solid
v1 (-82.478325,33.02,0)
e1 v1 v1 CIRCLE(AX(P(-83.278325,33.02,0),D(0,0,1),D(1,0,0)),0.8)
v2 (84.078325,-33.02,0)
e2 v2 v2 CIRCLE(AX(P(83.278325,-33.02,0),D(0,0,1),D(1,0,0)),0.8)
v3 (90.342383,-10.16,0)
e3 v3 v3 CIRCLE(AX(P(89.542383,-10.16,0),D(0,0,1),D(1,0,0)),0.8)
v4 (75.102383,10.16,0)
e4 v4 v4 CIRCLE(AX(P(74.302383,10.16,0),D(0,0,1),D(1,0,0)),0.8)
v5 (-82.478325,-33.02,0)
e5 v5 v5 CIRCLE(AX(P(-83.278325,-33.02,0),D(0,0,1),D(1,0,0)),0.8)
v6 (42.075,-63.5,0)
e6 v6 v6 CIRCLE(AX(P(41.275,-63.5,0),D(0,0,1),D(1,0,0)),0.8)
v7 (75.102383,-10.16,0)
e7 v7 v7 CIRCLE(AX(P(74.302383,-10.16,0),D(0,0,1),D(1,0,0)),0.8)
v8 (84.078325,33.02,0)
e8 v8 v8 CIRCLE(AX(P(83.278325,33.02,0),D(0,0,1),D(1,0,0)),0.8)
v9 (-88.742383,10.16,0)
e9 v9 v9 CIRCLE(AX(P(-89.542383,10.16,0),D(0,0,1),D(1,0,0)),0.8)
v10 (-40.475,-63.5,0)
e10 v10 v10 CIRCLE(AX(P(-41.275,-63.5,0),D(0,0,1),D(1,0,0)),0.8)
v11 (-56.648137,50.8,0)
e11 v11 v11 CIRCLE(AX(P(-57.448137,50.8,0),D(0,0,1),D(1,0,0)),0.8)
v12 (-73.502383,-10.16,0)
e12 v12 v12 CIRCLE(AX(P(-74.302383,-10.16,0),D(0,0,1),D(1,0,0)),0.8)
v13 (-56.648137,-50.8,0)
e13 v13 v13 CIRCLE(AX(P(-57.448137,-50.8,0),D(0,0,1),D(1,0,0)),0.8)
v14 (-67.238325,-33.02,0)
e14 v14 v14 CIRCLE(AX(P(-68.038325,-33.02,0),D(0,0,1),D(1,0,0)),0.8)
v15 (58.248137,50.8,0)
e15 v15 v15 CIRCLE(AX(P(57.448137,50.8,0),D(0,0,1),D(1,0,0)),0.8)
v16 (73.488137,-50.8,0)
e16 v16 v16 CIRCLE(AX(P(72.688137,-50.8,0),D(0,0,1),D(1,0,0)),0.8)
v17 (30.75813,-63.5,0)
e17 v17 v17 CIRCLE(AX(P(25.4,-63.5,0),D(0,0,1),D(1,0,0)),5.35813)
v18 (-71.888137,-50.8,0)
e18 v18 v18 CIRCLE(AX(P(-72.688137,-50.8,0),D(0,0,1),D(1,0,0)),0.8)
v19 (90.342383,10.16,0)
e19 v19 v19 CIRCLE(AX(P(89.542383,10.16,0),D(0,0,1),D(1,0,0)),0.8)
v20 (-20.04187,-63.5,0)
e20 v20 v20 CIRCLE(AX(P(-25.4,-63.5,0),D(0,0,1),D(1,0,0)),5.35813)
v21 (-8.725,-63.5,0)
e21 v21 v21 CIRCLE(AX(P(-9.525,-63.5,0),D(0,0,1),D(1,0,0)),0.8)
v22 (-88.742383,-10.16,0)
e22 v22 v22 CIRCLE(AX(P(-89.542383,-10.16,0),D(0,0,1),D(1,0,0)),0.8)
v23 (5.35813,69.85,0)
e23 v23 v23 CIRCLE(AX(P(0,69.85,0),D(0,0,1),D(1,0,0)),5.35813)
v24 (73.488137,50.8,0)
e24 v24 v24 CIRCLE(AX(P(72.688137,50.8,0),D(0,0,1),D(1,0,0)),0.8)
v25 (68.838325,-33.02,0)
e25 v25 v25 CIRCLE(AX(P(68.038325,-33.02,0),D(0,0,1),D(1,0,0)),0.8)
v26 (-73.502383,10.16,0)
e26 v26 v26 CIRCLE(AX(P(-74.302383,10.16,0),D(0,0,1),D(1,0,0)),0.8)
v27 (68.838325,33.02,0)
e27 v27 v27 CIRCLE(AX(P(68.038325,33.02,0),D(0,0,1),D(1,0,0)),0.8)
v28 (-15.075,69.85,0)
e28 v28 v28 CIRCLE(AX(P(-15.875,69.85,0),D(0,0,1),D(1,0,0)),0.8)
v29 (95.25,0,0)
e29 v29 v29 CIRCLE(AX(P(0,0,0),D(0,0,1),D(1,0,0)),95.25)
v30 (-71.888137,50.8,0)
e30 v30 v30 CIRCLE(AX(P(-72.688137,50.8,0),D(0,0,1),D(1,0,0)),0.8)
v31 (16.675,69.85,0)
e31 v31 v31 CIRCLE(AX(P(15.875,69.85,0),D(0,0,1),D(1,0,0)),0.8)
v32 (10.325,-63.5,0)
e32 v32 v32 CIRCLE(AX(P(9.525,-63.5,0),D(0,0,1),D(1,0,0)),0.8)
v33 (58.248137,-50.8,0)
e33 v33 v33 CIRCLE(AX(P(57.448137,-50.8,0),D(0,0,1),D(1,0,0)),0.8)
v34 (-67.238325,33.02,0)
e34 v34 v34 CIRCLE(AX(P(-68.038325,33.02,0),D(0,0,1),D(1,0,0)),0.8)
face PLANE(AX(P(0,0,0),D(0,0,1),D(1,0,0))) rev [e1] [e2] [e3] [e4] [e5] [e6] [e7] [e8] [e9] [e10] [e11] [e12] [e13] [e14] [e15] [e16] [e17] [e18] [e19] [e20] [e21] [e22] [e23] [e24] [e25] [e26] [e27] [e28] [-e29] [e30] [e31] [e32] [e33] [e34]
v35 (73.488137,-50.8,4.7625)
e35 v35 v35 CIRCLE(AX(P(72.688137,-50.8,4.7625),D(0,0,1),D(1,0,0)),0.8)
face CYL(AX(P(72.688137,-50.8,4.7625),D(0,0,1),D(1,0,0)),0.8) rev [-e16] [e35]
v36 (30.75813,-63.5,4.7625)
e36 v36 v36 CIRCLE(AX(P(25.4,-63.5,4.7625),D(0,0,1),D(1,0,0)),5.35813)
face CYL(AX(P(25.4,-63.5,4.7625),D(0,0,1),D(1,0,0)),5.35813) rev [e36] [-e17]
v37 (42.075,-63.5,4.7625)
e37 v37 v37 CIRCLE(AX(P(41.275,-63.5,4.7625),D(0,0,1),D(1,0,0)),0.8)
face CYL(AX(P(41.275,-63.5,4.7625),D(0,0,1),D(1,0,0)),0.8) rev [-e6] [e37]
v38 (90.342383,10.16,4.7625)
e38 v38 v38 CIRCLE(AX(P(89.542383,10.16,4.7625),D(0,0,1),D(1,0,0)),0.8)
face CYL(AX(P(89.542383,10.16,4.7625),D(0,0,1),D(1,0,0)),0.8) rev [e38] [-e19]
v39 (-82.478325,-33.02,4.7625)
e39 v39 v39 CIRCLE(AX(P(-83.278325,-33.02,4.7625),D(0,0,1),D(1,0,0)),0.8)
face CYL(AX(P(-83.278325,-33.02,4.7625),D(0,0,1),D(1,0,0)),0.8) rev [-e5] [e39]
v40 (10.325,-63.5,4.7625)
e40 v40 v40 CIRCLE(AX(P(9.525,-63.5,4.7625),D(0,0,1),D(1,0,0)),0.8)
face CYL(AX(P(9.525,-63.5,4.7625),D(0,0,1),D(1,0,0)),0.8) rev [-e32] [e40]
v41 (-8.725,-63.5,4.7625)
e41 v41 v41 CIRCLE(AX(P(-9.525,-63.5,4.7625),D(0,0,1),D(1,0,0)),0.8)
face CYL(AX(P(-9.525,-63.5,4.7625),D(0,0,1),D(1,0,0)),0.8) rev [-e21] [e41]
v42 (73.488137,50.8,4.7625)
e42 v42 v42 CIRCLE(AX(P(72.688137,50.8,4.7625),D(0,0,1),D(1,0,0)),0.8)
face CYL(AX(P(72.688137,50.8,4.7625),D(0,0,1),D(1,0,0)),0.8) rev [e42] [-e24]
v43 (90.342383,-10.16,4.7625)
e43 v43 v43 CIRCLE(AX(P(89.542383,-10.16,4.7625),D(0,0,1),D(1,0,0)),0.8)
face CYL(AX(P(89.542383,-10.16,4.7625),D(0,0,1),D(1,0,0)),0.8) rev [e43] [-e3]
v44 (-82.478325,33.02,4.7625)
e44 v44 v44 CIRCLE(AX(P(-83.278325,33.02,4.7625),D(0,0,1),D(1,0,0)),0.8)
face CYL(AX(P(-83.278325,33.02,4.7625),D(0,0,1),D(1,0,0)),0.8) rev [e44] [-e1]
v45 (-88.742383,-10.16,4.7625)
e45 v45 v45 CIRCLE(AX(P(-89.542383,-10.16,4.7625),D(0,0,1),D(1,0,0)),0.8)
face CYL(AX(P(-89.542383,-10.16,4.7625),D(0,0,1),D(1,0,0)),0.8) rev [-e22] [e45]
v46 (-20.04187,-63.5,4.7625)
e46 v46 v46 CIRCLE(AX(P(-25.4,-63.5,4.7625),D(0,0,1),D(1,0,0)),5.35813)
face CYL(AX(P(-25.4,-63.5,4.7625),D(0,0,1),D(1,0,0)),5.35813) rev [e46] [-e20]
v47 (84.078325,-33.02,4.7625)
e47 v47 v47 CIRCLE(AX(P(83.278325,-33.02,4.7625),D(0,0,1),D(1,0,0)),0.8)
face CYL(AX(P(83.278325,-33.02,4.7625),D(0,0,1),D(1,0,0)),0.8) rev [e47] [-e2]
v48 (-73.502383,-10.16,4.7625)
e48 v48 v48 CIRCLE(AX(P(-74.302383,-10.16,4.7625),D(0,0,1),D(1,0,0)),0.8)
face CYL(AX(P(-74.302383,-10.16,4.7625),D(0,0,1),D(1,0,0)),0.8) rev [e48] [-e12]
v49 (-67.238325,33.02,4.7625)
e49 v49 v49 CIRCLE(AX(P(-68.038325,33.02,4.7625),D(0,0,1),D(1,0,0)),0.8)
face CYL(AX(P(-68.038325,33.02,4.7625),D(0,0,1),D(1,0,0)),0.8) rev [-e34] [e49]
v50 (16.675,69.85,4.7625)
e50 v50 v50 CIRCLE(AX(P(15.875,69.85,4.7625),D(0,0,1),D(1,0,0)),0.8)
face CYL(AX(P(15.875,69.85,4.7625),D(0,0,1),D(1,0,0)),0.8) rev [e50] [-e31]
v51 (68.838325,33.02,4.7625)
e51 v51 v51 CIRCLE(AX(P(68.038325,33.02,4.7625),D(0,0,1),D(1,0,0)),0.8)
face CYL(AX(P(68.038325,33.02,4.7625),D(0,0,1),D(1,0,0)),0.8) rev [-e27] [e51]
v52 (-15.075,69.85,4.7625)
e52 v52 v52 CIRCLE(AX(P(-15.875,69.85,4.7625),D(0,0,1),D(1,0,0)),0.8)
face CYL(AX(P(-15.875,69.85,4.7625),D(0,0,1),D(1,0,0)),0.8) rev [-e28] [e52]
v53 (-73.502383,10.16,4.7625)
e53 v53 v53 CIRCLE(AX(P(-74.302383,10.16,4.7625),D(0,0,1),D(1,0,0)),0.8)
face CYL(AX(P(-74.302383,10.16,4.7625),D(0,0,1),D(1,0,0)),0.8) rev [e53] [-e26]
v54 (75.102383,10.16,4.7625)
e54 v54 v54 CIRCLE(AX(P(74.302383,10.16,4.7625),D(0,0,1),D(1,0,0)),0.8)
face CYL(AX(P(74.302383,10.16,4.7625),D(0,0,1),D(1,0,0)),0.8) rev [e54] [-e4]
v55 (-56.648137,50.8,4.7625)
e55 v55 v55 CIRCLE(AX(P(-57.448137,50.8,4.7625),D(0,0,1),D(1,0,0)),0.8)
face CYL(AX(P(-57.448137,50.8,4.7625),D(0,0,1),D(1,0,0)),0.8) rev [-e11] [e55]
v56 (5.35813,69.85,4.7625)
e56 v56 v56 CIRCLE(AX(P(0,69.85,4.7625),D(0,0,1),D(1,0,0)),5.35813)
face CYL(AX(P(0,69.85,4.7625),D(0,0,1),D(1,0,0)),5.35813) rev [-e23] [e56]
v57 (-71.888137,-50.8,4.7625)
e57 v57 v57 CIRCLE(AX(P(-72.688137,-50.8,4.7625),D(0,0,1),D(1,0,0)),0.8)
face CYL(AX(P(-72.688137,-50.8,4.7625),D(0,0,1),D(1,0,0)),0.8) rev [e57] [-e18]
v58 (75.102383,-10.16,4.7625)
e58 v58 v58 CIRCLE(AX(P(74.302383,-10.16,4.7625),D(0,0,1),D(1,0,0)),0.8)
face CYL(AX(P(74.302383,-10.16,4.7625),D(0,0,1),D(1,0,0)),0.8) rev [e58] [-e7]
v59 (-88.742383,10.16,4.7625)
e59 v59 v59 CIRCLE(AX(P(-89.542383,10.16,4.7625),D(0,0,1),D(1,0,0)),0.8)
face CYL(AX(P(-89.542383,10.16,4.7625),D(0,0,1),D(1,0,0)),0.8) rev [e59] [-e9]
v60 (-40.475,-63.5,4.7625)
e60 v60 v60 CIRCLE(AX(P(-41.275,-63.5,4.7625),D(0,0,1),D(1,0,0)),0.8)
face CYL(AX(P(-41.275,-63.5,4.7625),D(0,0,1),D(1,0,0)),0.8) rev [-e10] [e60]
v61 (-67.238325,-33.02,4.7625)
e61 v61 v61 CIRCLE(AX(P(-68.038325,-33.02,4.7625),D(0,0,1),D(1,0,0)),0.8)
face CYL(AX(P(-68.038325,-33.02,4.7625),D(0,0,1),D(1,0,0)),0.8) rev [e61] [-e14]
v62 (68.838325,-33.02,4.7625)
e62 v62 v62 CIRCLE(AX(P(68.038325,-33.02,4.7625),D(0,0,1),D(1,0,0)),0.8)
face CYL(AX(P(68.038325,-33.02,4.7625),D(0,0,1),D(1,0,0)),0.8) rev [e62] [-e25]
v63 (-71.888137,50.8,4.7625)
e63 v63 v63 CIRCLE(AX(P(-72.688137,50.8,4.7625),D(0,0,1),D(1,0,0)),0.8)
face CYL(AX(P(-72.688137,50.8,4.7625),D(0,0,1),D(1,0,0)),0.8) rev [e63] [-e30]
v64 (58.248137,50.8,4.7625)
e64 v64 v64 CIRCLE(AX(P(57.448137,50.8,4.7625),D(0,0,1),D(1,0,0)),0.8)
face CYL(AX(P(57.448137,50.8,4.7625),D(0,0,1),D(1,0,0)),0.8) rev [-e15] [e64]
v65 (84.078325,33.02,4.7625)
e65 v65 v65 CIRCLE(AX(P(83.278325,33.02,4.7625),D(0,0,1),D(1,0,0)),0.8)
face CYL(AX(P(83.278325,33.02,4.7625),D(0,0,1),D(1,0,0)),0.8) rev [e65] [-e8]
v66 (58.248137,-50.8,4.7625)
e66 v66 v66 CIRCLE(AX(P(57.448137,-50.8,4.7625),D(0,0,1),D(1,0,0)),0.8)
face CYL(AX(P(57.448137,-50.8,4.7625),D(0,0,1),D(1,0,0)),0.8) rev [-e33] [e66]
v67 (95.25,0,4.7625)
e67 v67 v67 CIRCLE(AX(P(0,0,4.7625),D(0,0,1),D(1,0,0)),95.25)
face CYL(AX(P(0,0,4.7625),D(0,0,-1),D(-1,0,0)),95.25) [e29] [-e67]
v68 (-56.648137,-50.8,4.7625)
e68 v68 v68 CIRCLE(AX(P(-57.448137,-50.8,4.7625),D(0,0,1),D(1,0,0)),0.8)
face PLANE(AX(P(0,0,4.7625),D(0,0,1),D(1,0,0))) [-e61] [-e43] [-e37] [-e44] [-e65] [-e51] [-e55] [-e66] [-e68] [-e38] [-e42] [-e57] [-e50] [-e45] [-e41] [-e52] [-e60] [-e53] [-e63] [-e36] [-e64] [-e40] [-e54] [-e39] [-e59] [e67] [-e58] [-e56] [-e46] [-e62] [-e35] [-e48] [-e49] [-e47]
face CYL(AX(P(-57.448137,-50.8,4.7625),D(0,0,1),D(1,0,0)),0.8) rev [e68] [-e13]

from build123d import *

# Parameters (mm, degrees)
SKETCH1_R                   = 95.25
BOSS_EXTRUDE1_DEPTH         = 4.7625
M2X0_4_TAPPED_HOLE1_D       = 1.6
M2X0_4_TAPPED_HOLE1_DEPTH   = 5.334
M2X0_4_TAPPED_HOLE2_D       = 1.6
M2X0_4_TAPPED_HOLE2_DEPTH   = 5.334
F_1_2_13_TAPPED_HOLE1_D     = 10.71626
F_1_2_13_TAPPED_HOLE1_DEPTH = 31.242


with BuildPart() as part:
    # Sketch1 → Boss-Extrude1 (new body)
    with BuildSketch(Plane.XY):
        Circle(SKETCH1_R)
    extrude(amount=BOSS_EXTRUDE1_DEPTH)

    # M2x0.4 Tapped Hole1
    with Locations(Plane.XY.offset(4.7625)):
        with Locations((-83.278324724, 33.02), (-68.038324724, 33.02), (-72.688137364, 50.8), (-57.448137364, 50.8), (-89.542383388, 10.16), (-74.302383388, 10.16), (-57.448137364, -50.8), (-72.688137364, -50.8), (-68.038324724, -33.02), (-83.278324724, -33.02), (-74.302383388, -10.16), (-89.542383388, -10.16), (57.448137364, -50.8), (72.688137364, -50.8), (68.038324724, -33.02), (83.278324724, -33.02), (89.542383388, -10.16), (74.302383388, -10.16), (89.542383388, 10.16), (74.302383388, 10.16), (83.278324724, 33.02), (68.038324724, 33.02), (57.448137364, 50.8), (72.688137364, 50.8)):
            Hole(M2X0_4_TAPPED_HOLE1_D / 2, depth=M2X0_4_TAPPED_HOLE1_DEPTH)

    # M2x0.4 Tapped Hole2
    with Locations(Plane.XY.offset(4.7625)):
        with Locations((-41.275, -63.5), (-9.525, -63.5), (9.525, -63.5), (41.275, -63.5), (-15.875, 69.85), (15.875, 69.85)):
            Hole(M2X0_4_TAPPED_HOLE2_D / 2, depth=M2X0_4_TAPPED_HOLE2_DEPTH)

    # 1/2-13 Tapped Hole1
    with Locations(Plane.XY.offset(4.7625)):
        with Locations((0, 69.85), (-25.4, -63.5), (25.4, -63.5)):
            Hole(F_1_2_13_TAPPED_HOLE1_D / 2, depth=F_1_2_13_TAPPED_HOLE1_DEPTH)


solid = part.part
